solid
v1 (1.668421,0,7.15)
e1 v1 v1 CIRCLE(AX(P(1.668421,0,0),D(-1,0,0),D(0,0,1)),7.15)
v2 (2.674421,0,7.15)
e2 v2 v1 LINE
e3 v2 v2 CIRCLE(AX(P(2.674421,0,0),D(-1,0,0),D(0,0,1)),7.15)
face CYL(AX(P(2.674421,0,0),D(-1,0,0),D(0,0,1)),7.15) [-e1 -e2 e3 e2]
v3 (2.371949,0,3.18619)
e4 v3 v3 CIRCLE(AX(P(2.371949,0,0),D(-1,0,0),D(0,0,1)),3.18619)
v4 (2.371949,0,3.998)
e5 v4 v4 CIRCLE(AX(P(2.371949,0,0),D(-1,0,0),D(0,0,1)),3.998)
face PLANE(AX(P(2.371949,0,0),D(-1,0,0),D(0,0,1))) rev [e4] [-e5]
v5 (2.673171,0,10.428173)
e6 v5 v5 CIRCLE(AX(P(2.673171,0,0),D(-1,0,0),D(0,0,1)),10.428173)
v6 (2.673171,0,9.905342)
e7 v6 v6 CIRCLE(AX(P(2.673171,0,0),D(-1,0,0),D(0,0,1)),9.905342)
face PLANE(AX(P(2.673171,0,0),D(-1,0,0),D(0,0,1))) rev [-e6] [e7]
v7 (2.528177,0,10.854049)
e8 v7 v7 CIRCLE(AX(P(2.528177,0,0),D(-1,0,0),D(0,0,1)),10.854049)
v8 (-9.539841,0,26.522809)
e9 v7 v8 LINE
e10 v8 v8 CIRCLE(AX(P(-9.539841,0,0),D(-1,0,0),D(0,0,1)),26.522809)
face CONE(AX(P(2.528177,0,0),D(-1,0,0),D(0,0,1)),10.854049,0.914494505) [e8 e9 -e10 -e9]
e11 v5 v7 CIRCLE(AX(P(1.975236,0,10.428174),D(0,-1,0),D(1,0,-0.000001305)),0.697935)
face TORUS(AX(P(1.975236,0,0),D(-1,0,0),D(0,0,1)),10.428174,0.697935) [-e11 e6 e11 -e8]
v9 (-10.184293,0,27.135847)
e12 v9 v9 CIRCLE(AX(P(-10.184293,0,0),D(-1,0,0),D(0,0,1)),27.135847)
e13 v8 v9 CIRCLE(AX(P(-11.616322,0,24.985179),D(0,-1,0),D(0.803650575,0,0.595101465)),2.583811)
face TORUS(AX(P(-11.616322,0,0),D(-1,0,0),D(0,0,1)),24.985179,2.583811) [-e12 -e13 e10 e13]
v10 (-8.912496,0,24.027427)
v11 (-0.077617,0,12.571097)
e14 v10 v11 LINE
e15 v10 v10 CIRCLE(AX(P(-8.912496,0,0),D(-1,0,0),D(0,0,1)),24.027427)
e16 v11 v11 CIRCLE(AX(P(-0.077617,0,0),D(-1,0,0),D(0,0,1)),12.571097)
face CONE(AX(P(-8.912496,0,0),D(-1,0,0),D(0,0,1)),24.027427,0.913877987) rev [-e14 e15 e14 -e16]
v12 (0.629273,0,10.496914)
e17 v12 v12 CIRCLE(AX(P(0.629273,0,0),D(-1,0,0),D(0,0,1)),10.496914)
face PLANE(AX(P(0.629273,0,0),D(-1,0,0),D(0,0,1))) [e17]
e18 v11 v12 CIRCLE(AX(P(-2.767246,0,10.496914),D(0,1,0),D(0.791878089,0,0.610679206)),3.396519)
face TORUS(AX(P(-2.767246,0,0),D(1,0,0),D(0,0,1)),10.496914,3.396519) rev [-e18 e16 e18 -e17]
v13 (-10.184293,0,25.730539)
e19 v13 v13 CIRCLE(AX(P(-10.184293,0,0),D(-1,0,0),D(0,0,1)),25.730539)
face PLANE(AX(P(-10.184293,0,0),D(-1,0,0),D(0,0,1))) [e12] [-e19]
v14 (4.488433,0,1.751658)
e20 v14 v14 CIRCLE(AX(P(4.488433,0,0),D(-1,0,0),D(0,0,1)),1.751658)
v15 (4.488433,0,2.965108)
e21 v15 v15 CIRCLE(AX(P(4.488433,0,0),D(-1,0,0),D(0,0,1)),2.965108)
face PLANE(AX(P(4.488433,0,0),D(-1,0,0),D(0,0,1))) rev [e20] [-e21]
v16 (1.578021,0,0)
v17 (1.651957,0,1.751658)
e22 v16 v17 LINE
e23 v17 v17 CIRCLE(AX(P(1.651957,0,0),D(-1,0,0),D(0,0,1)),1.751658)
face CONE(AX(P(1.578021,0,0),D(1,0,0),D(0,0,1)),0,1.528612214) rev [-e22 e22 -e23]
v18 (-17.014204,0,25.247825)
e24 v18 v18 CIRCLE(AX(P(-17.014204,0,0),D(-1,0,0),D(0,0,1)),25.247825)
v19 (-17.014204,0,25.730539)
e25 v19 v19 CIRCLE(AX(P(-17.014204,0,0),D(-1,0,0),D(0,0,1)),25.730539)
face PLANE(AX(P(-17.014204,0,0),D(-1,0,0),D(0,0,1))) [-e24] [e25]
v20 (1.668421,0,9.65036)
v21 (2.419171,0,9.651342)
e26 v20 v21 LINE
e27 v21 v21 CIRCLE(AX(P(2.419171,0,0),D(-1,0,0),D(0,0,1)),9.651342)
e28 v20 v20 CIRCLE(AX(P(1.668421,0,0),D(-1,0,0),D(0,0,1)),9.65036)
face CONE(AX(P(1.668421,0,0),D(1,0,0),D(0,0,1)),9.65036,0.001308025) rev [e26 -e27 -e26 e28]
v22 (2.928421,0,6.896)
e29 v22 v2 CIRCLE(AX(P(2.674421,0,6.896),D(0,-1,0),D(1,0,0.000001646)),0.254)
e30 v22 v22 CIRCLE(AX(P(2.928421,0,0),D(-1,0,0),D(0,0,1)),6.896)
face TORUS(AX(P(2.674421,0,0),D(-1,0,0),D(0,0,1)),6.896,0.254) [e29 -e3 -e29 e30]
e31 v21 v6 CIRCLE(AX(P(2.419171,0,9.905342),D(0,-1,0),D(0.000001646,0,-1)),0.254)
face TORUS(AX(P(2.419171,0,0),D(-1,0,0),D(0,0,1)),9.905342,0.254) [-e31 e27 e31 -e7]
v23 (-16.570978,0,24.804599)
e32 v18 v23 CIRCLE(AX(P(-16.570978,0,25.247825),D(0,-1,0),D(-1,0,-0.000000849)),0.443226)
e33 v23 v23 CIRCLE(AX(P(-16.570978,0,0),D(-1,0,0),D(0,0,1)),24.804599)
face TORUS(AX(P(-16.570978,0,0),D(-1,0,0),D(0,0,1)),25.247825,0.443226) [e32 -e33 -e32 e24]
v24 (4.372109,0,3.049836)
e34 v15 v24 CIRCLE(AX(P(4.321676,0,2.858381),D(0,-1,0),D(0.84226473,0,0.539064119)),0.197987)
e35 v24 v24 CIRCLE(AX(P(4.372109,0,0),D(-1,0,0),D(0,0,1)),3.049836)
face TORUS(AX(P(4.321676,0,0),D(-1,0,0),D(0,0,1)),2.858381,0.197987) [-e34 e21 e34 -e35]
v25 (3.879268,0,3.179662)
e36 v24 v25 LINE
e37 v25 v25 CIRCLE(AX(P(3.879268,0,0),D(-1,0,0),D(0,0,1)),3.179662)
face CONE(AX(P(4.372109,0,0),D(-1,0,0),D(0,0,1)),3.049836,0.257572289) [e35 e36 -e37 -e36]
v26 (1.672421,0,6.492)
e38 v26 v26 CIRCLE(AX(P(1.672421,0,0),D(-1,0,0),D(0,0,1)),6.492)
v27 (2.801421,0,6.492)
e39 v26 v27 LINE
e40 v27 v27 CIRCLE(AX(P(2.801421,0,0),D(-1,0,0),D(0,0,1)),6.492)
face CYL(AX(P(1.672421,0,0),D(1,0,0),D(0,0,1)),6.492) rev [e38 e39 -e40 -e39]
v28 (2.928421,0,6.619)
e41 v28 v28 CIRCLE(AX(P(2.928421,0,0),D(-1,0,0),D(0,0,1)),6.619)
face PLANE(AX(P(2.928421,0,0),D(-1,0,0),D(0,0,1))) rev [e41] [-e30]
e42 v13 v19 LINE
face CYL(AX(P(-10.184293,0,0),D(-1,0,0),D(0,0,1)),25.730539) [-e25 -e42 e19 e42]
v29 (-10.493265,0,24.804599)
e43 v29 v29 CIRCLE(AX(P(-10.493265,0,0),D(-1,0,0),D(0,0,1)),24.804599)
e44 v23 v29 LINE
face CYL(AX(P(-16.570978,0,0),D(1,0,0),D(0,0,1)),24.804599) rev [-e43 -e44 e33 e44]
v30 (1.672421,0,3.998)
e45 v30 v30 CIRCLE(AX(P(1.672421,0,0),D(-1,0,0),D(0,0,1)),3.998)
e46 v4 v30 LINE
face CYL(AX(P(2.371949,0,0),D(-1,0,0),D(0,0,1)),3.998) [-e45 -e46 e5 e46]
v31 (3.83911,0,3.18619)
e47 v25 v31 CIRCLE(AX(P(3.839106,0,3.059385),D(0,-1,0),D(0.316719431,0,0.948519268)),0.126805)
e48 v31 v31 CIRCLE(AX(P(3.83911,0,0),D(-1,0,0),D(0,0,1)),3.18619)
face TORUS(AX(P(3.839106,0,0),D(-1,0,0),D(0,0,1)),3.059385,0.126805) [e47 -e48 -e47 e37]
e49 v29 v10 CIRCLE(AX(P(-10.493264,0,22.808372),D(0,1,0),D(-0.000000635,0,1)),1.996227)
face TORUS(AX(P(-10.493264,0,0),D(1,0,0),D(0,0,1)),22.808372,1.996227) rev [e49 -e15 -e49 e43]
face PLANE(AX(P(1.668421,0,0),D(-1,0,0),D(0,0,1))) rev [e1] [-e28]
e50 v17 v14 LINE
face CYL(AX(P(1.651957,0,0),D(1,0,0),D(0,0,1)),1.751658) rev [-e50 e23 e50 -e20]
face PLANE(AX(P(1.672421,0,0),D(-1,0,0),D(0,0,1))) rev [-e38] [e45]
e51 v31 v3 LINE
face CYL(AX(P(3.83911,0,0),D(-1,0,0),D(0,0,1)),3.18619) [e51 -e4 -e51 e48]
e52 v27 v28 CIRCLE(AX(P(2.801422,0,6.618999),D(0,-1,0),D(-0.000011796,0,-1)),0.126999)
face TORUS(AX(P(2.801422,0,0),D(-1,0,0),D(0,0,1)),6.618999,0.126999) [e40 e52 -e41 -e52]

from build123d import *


with BuildPart() as f1:
    # F0 (on Front) → F1 (revolve)
    with BuildSketch(Plane.XZ):
        with BuildLine():
            Line((1.668421, 9.65036), (2.419171, 9.651342))
            ThreePointArc((2.419171, 9.651342), (2.598776, 9.725737), (2.673171, 9.905342))
            Line((2.673171, 9.905342), (2.673171, 10.428173))
            ThreePointArc((2.673171, 10.428173), (2.635929, 10.653114), (2.528177, 10.854049))
            Line((2.528177, 10.854049), (-9.539841, 26.522809))
            ThreePointArc((-9.539841, 26.522809), (-9.835489, 26.857267), (-10.184293, 27.135847))
            Line((-10.184293, 27.135847), (-10.184293, 25.730539))
            Line((-10.184293, 25.730539), (-17.014204, 25.730539))
            Line((-17.014204, 25.730539), (-17.014204, 25.247825))
            ThreePointArc((-17.014204, 25.247825), (-16.884386, 24.934417), (-16.570978, 24.804599))
            Line((-16.570978, 24.804599), (-10.493265, 24.804599))
            ThreePointArc((-10.493265, 24.804599), (-9.612523, 24.599801), (-8.912496, 24.027427))
            Line((-8.912496, 24.027427), (-0.077617, 12.571097))
            ThreePointArc((-0.077617, 12.571097), (0.447697, 11.592579), (0.629273, 10.496914))
            Line((0.629273, 10.496914), (0.629273, 0))
            Line((0.629273, 0), (0.790692, 0))
            Line((0.790692, 0), (1.578021, 0))
            Line((1.578021, 0), (1.651957, 1.751658))
            Line((1.651957, 1.751658), (4.488433, 1.751658))
            Line((4.488433, 1.751658), (4.488433, 2.965108))
            ThreePointArc((4.488433, 2.965108), (4.438242, 3.018415), (4.372109, 3.049836))
            Line((4.372109, 3.049836), (3.879268, 3.179662))
            ThreePointArc((3.879268, 3.179662), (3.859453, 3.184547), (3.83911, 3.18619))
            Line((3.83911, 3.18619), (2.371949, 3.18619))
            Line((2.371949, 3.18619), (2.371949, 3.998))
            Line((2.371949, 3.998), (1.672421, 3.998))
            Line((1.672421, 3.998), (1.672421, 6.492))
            Line((1.672421, 6.492), (2.801421, 6.492))
            ThreePointArc((2.801421, 6.492), (2.891224, 6.529197), (2.928421, 6.619))
            Line((2.928421, 6.619), (2.928421, 6.896))
            ThreePointArc((2.928421, 6.896), (2.854026, 7.075605), (2.674421, 7.15))
            Line((2.674421, 7.15), (1.668421, 7.15))
            Line((1.668421, 7.15), (1.668421, 9.65036))
        make_face()
    revolve(axis=Axis((1.184357, 0, 0), (-1, 0, 0)))


solid = f1.part
